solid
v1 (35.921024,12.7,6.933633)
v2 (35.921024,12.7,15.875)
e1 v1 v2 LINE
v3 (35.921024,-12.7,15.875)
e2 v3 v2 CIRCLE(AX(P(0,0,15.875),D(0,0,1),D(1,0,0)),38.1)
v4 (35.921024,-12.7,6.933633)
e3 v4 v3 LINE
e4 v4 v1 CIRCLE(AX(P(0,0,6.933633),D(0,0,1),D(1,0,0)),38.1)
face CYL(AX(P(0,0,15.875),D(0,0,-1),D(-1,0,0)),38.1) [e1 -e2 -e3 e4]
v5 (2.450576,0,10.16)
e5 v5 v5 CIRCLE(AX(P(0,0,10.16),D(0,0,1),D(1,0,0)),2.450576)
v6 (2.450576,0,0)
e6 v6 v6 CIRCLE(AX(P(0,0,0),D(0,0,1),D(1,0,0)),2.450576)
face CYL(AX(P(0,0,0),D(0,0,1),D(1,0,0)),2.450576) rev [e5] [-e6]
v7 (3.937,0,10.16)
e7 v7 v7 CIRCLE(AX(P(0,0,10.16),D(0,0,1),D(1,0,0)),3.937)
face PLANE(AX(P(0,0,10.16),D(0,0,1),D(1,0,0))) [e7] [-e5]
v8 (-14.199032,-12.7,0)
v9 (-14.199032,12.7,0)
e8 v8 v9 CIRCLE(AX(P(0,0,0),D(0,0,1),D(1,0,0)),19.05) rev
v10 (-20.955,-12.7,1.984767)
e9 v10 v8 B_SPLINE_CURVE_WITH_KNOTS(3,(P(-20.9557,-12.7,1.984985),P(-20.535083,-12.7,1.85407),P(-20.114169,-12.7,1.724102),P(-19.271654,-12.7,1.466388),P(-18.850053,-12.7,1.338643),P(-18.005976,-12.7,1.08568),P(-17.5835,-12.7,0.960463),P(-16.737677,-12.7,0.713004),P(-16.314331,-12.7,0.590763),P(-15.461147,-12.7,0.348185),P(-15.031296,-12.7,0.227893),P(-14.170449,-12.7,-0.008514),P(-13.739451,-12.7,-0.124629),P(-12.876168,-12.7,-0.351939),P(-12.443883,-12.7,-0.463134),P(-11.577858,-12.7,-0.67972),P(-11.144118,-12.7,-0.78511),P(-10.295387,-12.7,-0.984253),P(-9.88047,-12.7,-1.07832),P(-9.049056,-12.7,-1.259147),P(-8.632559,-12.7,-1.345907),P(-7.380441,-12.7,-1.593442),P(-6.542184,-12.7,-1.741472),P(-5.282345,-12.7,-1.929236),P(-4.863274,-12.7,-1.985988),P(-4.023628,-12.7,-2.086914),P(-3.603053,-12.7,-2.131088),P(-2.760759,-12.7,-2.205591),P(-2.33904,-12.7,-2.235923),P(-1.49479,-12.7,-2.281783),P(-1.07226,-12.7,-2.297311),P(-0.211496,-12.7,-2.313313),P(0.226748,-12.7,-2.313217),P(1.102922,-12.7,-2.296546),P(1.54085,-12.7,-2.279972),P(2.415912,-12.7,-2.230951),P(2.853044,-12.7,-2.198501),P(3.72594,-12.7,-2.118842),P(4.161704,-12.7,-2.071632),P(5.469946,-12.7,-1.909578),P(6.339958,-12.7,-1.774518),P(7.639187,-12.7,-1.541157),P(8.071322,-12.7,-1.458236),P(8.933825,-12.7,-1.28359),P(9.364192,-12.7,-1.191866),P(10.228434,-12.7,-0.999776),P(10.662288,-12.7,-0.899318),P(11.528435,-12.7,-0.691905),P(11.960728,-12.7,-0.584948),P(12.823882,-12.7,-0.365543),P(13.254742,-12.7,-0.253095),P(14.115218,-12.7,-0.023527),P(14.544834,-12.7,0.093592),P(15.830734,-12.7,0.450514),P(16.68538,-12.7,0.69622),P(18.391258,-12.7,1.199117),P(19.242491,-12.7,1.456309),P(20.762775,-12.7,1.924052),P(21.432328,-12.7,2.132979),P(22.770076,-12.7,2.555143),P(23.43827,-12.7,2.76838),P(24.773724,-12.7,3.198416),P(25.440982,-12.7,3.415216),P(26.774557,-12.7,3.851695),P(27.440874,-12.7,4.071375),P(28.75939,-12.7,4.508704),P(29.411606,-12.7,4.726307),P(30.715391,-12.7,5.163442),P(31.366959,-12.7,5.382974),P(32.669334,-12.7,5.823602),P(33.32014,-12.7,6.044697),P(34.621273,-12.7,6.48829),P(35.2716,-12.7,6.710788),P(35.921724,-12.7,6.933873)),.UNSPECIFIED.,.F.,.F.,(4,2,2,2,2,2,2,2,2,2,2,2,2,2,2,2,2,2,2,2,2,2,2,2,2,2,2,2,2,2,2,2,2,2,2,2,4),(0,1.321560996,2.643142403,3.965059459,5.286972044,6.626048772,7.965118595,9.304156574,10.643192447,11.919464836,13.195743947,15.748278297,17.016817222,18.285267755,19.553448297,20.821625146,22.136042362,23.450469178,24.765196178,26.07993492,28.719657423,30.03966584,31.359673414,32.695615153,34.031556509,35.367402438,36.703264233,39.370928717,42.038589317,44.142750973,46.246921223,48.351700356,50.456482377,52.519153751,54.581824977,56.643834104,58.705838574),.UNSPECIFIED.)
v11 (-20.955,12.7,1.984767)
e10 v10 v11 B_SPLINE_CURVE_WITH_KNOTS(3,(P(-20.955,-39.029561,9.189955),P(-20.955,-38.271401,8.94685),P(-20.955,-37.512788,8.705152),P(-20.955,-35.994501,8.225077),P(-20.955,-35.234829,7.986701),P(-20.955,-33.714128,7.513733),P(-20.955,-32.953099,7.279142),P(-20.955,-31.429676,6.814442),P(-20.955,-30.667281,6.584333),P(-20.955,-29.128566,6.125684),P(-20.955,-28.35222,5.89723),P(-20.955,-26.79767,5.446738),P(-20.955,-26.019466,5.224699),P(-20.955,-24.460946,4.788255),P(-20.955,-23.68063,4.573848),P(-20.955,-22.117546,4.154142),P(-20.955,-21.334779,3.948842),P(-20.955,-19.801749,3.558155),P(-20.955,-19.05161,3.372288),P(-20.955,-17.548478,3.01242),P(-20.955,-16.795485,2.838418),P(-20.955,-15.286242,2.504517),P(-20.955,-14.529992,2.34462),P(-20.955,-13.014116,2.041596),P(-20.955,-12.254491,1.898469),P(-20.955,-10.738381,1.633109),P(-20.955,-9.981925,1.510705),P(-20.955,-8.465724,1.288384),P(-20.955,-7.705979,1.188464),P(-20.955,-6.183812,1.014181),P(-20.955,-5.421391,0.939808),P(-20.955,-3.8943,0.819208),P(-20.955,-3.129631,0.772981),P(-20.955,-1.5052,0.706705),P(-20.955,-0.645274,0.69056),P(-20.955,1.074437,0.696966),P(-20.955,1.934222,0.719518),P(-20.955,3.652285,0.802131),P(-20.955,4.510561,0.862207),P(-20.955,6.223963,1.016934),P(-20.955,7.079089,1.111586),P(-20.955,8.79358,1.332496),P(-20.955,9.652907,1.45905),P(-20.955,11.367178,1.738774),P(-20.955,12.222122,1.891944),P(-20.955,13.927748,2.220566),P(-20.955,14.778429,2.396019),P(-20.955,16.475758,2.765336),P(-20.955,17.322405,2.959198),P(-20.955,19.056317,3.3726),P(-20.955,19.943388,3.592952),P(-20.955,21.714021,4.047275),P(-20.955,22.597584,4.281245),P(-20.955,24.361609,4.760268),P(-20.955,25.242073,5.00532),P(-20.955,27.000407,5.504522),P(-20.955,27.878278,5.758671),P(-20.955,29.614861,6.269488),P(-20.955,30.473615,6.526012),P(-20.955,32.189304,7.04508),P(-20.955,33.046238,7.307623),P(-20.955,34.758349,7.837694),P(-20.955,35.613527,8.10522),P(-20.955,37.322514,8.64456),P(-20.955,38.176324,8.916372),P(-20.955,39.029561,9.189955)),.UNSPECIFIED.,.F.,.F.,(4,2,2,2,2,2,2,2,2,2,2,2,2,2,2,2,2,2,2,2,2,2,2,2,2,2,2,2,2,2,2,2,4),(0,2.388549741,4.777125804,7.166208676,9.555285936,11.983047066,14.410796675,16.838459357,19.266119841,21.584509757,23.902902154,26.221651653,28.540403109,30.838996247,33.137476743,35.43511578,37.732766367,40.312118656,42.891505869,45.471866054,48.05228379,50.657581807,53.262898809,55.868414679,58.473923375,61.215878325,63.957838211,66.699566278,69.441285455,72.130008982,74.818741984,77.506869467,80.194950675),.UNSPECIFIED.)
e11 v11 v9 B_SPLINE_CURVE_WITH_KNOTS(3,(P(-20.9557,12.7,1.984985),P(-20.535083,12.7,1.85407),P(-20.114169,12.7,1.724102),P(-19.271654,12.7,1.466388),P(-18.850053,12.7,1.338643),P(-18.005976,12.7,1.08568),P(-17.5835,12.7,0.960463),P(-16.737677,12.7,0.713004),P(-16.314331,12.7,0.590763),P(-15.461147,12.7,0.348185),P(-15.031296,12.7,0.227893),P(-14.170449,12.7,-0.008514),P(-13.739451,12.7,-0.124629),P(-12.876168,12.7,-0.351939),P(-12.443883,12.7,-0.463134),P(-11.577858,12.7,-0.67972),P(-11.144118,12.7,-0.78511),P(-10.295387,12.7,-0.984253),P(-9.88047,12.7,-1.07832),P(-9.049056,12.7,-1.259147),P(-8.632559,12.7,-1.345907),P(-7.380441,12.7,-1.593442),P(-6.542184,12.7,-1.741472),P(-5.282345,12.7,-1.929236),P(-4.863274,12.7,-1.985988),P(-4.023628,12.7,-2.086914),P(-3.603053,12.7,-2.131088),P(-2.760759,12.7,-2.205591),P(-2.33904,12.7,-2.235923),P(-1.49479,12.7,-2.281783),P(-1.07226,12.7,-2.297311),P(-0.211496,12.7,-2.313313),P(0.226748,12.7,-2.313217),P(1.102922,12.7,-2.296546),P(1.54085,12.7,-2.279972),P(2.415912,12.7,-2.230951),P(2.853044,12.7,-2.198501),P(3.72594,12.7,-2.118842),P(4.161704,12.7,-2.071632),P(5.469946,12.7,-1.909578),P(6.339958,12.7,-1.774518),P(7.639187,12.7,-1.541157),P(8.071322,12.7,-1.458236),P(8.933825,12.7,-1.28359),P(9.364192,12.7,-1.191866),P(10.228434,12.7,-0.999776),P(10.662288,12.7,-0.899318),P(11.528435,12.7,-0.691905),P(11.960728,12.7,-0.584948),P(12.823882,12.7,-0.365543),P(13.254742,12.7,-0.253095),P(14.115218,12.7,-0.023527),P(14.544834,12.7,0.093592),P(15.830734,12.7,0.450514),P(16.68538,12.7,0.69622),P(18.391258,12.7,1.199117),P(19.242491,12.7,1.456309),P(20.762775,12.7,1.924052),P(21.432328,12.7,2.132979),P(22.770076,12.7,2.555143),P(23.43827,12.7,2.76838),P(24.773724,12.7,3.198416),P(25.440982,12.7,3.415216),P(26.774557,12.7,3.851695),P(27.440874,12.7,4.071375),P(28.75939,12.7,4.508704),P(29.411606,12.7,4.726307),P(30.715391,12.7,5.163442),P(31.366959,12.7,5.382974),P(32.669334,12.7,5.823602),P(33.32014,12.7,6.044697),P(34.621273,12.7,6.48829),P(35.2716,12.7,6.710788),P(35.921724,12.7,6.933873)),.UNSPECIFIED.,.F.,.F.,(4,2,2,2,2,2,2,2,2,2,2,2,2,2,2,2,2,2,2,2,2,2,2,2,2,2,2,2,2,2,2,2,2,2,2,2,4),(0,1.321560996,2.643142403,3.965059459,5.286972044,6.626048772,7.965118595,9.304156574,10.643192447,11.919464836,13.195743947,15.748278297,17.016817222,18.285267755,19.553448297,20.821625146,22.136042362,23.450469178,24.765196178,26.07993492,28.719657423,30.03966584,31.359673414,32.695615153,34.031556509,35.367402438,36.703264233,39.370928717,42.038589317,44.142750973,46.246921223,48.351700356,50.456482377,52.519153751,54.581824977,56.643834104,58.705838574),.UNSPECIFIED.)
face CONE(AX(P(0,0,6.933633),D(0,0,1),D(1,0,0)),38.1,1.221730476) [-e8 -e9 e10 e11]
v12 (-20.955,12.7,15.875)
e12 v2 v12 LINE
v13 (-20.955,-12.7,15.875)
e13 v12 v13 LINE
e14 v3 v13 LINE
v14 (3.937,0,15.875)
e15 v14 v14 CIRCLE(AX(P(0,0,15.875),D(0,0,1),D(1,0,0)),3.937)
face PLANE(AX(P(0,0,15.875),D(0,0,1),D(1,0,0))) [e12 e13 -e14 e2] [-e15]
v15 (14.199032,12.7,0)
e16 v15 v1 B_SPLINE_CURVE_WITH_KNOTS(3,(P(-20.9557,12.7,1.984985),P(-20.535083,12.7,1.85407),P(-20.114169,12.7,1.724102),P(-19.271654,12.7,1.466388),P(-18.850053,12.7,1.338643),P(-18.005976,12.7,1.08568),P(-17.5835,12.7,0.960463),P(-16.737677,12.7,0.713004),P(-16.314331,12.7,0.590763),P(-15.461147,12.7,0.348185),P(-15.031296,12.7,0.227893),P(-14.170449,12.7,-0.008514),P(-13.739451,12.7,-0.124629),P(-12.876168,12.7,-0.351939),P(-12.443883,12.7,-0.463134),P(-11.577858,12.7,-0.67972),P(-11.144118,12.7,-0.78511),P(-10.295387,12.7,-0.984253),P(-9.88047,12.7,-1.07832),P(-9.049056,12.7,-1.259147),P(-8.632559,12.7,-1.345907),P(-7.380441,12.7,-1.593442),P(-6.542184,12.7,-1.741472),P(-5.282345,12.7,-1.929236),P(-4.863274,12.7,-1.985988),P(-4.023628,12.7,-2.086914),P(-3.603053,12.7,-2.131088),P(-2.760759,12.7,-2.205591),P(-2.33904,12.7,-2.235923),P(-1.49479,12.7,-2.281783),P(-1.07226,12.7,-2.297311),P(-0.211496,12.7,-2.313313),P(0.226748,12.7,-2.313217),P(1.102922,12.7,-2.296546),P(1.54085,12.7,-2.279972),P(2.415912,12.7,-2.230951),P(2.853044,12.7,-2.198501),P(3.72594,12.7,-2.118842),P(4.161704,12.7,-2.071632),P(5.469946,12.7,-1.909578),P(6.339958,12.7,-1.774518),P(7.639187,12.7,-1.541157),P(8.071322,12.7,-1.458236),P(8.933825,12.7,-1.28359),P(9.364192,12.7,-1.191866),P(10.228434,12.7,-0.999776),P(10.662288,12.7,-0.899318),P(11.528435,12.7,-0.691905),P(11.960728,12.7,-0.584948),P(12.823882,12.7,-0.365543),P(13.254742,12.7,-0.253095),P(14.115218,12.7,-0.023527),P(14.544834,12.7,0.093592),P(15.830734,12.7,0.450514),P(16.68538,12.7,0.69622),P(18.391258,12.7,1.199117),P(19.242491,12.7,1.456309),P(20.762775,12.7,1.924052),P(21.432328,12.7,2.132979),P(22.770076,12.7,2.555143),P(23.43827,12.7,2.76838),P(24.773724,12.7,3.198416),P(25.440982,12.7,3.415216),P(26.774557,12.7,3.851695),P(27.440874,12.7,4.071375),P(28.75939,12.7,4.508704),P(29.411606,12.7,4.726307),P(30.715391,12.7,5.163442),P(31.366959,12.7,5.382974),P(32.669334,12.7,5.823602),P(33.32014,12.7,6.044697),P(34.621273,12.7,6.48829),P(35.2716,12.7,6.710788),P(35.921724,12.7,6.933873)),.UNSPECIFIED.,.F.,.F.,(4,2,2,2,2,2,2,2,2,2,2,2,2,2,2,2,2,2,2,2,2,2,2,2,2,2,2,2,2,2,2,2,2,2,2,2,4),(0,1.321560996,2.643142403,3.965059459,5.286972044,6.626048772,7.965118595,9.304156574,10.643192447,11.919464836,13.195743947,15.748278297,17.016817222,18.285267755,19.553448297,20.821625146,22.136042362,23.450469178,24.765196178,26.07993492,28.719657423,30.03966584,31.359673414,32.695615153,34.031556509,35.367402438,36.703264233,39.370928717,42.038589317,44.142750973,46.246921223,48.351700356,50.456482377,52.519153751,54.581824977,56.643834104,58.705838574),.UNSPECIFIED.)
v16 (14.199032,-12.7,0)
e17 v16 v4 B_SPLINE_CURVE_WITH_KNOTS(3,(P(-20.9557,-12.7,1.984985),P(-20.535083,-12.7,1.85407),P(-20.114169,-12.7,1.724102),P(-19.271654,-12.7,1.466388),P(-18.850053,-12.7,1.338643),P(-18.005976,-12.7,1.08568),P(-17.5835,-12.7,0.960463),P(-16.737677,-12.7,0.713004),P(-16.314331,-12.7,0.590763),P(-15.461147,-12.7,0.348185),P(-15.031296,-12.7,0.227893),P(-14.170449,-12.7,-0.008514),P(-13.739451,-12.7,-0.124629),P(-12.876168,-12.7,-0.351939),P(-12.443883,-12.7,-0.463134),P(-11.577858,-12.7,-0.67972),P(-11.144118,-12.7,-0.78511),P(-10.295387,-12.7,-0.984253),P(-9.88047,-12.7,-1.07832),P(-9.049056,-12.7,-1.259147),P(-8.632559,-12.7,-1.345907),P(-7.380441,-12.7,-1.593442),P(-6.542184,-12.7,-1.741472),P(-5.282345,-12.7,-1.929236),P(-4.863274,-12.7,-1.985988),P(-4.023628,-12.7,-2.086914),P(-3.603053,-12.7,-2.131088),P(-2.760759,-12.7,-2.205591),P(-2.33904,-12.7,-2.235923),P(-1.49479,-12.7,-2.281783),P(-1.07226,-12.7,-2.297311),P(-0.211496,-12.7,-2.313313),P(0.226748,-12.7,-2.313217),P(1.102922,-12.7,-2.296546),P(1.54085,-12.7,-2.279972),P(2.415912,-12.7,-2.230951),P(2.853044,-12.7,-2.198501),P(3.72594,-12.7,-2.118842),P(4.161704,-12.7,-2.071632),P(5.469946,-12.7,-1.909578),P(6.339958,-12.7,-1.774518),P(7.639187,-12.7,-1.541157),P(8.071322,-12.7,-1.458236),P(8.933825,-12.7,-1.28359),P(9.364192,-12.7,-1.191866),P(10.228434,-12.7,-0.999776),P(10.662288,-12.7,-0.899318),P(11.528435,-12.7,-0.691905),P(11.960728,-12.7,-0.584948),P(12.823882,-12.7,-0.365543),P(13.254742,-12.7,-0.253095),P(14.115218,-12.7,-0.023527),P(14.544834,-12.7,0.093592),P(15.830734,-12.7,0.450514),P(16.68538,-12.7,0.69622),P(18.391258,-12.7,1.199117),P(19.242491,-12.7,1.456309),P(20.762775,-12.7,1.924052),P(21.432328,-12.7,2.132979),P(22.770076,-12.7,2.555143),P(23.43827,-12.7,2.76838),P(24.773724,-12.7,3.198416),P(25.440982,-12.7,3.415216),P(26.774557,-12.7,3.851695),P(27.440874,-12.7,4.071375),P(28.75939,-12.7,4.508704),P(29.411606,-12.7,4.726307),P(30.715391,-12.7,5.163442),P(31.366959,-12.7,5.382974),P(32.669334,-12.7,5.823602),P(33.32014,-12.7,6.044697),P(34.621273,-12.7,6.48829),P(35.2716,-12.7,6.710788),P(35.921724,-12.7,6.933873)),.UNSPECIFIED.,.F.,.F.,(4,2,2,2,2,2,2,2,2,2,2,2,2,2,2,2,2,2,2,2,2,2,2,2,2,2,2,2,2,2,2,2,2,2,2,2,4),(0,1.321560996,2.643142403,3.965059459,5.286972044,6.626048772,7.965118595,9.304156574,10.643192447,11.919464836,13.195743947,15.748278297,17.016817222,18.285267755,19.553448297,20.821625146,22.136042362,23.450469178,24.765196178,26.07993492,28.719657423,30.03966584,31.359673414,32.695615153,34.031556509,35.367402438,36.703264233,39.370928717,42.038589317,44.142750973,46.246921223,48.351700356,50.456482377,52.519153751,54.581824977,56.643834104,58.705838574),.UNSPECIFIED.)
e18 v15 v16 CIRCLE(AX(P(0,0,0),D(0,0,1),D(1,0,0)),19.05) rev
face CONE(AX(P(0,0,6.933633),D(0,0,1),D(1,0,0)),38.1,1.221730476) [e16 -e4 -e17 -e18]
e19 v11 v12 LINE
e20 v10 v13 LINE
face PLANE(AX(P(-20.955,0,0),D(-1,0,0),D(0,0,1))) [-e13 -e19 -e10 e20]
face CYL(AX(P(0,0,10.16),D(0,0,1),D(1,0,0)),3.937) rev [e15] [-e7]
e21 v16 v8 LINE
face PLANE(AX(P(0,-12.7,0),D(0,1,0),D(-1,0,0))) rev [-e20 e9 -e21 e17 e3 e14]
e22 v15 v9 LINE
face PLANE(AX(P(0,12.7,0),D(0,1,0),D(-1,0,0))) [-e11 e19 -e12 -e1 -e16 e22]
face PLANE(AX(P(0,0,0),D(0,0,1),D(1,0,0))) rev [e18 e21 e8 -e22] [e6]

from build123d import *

# Parameters (mm, degrees)
SKETCH1_R           = 38.1
BOSS_EXTRUDE1_DEPTH = 15.875
SKETCH2_R           = 3.937
CUT_EXTRUDE1_DEPTH  = 5.715
SKETCH3_R           = 2.450575626
CUT_EXTRUDE2_DEPTH  = 55.831064188
CHAMFER1_SIZE       = 19.05
CHAMFER1_SIZE2      = 6.933632963
CUT_EXTRUDE3_DEPTH  = 57.171484091


with BuildPart() as part:
    # Sketch1 → Boss-Extrude1 (new body)
    with BuildSketch(Plane.XY):
        Circle(SKETCH1_R)
    extrude(amount=BOSS_EXTRUDE1_DEPTH)

    # Sketch2 → Cut-Extrude1 (cut)
    with BuildSketch(Plane.XY.offset(15.875)):
        Circle(SKETCH2_R)
    extrude(amount=-CUT_EXTRUDE1_DEPTH, mode=Mode.SUBTRACT)

    # Sketch3 → Cut-Extrude2 (cut, through all)
    with BuildSketch(Plane.XY.offset(10.16)):
        Circle(SKETCH3_R)
    extrude(amount=-CUT_EXTRUDE2_DEPTH, mode=Mode.SUBTRACT)

    # Chamfer1
    chamfer1_edges = [part.edges().sort_by_distance(p)[0] for p in [
        (-38.1, 0, 0),
    ]]
    chamfer1_side = [part.faces().sort_by_distance(p)[0] for p in [
        (-37.022369265, 0, 0),
    ]]
    chamfer(chamfer1_edges, length=CHAMFER1_SIZE, length2=CHAMFER1_SIZE2, reference=chamfer1_side[0])

    # Sketch4 → Cut-Extrude3 (cut, through all)
    with BuildSketch(Plane.XY.offset(15.875)):
        with BuildLine():
            ThreePointArc((35.921024484, 12.7), (-38.1, 0), (35.921024484, -12.7))
            Line((35.921024484, -12.7), (-20.955, -12.7))
            Line((-20.955, -12.7), (-20.955, 12.7))
            Line((-20.955, 12.7), (35.921024484, 12.7))
        make_face()
    extrude(amount=-CUT_EXTRUDE3_DEPTH, mode=Mode.SUBTRACT)


solid = part.part
